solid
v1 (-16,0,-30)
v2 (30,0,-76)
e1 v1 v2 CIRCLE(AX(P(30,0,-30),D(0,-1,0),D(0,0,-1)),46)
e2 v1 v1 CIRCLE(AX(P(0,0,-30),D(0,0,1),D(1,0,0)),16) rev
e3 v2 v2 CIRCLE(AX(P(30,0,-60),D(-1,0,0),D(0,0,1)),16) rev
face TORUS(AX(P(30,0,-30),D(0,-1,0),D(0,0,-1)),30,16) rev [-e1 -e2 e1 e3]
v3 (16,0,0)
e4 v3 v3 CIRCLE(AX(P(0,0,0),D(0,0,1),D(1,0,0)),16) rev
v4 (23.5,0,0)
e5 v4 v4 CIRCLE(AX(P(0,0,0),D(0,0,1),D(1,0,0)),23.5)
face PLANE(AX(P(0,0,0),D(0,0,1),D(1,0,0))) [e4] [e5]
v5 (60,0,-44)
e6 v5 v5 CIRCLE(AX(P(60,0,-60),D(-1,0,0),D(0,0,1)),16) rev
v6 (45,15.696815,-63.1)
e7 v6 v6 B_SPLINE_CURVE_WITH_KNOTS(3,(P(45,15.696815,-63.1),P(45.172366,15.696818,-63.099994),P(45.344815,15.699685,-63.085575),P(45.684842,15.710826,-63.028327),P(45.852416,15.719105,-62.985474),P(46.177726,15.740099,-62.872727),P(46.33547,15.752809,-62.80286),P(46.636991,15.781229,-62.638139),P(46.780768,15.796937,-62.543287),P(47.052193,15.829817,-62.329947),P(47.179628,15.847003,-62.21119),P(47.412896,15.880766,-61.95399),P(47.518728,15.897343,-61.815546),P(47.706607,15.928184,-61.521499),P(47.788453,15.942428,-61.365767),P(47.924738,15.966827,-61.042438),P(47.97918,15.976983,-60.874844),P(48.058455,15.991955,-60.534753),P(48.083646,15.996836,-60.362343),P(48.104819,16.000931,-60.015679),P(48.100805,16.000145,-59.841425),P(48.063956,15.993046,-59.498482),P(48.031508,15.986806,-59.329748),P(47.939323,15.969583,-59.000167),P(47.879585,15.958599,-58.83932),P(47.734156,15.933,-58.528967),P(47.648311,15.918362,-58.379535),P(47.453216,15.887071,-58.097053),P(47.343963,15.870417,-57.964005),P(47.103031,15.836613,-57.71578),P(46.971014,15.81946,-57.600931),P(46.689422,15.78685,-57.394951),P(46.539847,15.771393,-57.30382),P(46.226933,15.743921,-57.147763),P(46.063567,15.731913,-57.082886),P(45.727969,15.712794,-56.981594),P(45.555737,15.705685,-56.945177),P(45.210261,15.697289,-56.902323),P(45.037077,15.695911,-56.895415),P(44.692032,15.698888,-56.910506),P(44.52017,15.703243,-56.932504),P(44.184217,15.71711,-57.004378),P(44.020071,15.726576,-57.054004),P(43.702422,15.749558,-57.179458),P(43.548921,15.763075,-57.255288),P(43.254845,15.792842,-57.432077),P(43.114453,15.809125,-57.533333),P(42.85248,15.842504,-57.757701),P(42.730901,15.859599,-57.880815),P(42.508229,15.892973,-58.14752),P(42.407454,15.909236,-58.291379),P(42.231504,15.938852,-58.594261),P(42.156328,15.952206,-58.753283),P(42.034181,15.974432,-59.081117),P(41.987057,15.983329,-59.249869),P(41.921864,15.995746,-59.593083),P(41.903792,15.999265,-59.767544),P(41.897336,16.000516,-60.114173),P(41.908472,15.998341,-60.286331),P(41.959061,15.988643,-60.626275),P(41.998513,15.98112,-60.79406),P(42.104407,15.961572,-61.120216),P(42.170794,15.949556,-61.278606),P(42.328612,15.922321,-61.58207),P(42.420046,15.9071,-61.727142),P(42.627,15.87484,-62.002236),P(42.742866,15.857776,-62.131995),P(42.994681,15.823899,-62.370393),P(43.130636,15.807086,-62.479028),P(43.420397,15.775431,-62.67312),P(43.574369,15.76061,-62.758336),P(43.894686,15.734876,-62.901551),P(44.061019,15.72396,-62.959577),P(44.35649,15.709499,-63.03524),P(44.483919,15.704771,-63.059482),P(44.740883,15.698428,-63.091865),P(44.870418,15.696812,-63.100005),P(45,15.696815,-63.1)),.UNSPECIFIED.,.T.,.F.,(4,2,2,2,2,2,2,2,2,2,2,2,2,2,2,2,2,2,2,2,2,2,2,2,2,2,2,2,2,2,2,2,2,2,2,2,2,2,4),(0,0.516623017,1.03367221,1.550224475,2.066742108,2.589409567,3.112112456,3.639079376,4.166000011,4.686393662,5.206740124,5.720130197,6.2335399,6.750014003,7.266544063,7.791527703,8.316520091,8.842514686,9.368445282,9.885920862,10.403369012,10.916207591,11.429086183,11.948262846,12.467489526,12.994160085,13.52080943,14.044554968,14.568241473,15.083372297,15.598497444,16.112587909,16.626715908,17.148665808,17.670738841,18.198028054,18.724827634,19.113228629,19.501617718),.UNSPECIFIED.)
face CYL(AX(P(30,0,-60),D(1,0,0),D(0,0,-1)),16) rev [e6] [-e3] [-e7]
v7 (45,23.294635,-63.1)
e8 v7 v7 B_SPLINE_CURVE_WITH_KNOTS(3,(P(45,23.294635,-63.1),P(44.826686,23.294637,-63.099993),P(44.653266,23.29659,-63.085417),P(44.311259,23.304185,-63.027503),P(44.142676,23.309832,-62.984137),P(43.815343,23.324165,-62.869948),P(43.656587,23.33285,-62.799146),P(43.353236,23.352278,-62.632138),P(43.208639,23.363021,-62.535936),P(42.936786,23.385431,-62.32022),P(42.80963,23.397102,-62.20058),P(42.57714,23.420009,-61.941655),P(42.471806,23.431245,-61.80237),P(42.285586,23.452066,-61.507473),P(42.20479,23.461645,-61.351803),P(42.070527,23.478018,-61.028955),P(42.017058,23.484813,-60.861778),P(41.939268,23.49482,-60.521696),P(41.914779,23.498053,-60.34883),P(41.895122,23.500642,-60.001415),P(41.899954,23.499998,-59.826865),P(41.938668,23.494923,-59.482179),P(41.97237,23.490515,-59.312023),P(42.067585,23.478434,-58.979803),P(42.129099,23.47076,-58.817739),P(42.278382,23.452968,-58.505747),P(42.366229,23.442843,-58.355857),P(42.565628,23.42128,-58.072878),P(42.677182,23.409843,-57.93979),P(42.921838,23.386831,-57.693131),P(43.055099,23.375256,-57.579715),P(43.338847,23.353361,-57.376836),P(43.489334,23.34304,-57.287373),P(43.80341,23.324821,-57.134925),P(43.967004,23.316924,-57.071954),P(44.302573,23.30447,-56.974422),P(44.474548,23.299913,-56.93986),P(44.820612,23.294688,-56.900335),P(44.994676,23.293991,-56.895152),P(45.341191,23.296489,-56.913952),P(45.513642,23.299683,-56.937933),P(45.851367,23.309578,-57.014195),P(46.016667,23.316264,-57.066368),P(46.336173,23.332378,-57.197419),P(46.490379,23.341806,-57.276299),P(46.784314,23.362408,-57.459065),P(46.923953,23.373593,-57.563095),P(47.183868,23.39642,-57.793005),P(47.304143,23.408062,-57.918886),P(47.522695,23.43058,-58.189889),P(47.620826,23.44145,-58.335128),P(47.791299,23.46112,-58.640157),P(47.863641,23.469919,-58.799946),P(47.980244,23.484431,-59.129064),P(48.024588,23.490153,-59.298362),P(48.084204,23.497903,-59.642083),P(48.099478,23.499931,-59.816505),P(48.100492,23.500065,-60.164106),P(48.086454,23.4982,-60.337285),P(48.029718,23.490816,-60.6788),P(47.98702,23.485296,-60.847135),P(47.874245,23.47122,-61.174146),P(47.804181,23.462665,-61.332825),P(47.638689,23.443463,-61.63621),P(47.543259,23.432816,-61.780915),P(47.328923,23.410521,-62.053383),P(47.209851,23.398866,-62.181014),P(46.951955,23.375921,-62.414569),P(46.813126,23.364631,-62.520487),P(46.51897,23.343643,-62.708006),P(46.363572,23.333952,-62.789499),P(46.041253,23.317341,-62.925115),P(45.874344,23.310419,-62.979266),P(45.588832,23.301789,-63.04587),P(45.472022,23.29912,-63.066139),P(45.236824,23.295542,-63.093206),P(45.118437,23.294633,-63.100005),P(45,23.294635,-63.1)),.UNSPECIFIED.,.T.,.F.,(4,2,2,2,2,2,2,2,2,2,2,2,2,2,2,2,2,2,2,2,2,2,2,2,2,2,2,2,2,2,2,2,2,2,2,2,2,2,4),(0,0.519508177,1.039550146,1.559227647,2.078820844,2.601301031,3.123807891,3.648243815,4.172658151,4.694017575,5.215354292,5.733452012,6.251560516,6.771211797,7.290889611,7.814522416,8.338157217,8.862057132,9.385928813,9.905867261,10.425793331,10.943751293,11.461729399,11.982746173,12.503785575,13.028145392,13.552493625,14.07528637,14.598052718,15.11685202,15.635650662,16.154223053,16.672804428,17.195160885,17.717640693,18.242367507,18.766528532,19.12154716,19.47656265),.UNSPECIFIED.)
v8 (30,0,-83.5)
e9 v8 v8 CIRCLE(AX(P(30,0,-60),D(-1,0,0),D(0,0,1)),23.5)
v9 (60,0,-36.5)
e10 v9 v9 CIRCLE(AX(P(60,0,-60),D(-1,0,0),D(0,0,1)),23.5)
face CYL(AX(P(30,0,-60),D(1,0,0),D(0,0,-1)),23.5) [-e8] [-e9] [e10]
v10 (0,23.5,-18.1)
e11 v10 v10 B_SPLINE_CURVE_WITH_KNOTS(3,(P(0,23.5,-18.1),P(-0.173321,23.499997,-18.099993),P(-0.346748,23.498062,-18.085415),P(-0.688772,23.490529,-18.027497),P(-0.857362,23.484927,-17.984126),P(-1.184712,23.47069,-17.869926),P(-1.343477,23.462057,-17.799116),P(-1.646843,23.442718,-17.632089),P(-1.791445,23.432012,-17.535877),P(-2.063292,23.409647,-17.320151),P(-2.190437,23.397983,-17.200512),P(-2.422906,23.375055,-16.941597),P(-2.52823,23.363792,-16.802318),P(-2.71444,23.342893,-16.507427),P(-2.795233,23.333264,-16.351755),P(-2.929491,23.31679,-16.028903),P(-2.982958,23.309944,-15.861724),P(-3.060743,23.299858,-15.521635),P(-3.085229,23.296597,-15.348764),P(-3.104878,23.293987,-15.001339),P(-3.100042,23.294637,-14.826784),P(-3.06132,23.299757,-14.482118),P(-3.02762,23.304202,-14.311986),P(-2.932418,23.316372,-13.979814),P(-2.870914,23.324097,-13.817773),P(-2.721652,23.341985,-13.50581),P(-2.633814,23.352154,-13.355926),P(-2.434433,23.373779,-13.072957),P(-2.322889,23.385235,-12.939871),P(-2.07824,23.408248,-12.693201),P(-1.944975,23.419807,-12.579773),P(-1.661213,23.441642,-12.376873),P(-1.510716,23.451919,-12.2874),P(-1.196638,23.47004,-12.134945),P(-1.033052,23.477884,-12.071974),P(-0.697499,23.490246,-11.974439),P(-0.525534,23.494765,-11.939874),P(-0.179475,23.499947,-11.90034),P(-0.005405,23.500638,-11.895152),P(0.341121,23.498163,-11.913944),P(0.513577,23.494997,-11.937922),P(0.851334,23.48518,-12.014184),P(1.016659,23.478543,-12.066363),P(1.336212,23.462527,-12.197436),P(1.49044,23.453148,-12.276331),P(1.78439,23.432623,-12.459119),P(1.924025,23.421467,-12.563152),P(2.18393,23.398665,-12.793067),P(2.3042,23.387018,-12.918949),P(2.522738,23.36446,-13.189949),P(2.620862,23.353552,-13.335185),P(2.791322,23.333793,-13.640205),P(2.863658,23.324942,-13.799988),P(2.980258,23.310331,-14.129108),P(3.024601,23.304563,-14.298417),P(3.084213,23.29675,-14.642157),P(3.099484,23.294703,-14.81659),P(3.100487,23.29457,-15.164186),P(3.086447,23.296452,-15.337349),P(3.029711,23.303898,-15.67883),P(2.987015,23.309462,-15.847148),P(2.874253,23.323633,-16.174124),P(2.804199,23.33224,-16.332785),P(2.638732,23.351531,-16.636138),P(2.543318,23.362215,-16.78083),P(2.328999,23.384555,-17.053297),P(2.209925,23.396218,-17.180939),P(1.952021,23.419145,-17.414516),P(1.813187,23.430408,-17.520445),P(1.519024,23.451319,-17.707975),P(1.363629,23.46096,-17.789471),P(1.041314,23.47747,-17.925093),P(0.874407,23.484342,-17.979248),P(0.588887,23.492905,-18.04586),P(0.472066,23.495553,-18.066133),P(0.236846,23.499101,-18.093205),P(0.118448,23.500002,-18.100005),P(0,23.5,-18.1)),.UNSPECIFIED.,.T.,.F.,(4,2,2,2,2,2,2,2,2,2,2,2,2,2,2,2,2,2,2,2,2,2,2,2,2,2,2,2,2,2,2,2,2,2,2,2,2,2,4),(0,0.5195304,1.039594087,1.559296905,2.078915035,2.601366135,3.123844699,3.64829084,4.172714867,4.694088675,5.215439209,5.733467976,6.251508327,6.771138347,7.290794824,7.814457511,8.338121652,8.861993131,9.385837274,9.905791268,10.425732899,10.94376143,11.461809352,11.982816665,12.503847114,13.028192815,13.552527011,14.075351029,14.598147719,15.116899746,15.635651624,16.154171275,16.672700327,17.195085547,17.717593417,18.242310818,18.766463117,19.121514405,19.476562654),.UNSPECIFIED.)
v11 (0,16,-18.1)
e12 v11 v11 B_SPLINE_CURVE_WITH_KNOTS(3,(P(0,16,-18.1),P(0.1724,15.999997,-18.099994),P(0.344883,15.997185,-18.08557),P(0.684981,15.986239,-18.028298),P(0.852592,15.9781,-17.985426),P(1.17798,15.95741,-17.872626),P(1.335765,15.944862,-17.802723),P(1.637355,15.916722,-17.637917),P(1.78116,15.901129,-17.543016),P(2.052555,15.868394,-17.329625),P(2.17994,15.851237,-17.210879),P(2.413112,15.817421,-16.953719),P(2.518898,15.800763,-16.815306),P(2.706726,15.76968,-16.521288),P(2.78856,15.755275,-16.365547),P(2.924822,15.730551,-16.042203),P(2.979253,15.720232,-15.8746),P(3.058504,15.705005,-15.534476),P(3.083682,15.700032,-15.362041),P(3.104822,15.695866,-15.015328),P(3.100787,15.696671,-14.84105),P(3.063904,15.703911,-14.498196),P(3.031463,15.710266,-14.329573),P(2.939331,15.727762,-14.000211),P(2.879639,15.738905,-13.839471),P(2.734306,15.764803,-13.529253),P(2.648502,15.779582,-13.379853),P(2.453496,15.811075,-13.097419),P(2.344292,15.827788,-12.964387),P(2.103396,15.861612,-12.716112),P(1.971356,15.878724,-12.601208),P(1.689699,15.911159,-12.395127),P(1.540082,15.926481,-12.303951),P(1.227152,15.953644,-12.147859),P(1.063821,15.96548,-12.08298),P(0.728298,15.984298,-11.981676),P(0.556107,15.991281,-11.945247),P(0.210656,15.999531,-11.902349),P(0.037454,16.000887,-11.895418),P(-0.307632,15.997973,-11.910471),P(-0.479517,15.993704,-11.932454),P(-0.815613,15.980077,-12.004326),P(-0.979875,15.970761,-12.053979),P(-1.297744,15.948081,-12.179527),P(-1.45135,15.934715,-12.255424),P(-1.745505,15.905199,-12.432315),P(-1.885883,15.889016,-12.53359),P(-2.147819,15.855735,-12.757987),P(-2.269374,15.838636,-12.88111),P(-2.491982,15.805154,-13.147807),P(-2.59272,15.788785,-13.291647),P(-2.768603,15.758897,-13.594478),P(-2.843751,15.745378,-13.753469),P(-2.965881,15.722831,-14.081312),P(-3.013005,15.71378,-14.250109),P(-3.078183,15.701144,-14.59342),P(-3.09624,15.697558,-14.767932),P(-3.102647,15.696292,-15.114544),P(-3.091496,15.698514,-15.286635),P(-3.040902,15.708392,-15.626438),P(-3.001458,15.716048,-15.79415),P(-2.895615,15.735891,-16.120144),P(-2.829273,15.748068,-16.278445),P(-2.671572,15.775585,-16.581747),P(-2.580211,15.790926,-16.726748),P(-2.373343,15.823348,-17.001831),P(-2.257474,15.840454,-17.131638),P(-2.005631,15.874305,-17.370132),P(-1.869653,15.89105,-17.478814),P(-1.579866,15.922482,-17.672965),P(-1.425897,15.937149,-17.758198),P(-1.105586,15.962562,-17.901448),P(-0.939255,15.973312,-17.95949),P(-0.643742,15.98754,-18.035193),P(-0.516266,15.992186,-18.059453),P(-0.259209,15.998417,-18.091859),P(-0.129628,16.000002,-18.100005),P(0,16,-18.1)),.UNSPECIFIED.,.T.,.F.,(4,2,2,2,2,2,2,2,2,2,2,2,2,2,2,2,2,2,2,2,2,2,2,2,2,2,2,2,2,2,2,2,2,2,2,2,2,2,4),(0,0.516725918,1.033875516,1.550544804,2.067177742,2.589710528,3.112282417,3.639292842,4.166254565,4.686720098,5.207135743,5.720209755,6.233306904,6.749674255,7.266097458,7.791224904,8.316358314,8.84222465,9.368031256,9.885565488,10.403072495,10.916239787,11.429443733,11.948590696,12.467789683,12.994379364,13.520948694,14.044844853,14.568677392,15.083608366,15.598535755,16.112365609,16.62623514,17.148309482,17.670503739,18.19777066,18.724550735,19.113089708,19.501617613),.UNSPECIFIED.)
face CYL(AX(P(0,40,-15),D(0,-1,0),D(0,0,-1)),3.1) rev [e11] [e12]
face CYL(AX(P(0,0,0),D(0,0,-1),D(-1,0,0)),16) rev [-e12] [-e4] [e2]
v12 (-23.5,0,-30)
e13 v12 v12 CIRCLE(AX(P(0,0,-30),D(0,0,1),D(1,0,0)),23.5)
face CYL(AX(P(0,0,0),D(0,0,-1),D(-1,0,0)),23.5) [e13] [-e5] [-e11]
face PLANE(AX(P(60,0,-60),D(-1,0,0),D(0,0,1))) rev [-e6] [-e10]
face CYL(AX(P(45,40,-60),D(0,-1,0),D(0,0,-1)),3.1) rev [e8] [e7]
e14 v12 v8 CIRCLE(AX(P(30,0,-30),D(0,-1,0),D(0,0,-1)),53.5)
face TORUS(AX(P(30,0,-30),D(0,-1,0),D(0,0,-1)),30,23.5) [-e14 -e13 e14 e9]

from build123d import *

# Parameters (mm, degrees)
SKETCH2_R          = 23.5
SKETCH2_R_2        = 16
SKETCH3_R          = 3.1
CUT_EXTRUDE1_DEPTH = 40


with BuildPart() as part:
    # Sweep8: sweep along a path in Sketch1
    with BuildLine(Plane(origin=(0, 0, 0), x_dir=(1, 0, 0), z_dir=(0, 1, 0))) as sweep8_path:
        Line((0, 0), (0, 30))
        ThreePointArc((0, 30), (8.786796564, 51.213203436), (30, 60))
        Line((30, 60), (60, 60))
    # Sketch2 → Sweep8 (sweep)
    with BuildSketch(Plane.XY):
        Circle(SKETCH2_R)
        Circle(SKETCH2_R_2, mode=Mode.SUBTRACT)
    sweep(path=sweep8_path.line)

    # Sketch3 → Cut-Extrude1 (cut)
    with BuildSketch(Plane(origin=(0, 0, 0), x_dir=(1, 0, 0), z_dir=(0, 1, 0))):
        with Locations((0, 15)):
            Circle(SKETCH3_R)
        with Locations((45, 60)):
            Circle(SKETCH3_R)
    extrude(amount=CUT_EXTRUDE1_DEPTH, mode=Mode.SUBTRACT)


solid = part.part
